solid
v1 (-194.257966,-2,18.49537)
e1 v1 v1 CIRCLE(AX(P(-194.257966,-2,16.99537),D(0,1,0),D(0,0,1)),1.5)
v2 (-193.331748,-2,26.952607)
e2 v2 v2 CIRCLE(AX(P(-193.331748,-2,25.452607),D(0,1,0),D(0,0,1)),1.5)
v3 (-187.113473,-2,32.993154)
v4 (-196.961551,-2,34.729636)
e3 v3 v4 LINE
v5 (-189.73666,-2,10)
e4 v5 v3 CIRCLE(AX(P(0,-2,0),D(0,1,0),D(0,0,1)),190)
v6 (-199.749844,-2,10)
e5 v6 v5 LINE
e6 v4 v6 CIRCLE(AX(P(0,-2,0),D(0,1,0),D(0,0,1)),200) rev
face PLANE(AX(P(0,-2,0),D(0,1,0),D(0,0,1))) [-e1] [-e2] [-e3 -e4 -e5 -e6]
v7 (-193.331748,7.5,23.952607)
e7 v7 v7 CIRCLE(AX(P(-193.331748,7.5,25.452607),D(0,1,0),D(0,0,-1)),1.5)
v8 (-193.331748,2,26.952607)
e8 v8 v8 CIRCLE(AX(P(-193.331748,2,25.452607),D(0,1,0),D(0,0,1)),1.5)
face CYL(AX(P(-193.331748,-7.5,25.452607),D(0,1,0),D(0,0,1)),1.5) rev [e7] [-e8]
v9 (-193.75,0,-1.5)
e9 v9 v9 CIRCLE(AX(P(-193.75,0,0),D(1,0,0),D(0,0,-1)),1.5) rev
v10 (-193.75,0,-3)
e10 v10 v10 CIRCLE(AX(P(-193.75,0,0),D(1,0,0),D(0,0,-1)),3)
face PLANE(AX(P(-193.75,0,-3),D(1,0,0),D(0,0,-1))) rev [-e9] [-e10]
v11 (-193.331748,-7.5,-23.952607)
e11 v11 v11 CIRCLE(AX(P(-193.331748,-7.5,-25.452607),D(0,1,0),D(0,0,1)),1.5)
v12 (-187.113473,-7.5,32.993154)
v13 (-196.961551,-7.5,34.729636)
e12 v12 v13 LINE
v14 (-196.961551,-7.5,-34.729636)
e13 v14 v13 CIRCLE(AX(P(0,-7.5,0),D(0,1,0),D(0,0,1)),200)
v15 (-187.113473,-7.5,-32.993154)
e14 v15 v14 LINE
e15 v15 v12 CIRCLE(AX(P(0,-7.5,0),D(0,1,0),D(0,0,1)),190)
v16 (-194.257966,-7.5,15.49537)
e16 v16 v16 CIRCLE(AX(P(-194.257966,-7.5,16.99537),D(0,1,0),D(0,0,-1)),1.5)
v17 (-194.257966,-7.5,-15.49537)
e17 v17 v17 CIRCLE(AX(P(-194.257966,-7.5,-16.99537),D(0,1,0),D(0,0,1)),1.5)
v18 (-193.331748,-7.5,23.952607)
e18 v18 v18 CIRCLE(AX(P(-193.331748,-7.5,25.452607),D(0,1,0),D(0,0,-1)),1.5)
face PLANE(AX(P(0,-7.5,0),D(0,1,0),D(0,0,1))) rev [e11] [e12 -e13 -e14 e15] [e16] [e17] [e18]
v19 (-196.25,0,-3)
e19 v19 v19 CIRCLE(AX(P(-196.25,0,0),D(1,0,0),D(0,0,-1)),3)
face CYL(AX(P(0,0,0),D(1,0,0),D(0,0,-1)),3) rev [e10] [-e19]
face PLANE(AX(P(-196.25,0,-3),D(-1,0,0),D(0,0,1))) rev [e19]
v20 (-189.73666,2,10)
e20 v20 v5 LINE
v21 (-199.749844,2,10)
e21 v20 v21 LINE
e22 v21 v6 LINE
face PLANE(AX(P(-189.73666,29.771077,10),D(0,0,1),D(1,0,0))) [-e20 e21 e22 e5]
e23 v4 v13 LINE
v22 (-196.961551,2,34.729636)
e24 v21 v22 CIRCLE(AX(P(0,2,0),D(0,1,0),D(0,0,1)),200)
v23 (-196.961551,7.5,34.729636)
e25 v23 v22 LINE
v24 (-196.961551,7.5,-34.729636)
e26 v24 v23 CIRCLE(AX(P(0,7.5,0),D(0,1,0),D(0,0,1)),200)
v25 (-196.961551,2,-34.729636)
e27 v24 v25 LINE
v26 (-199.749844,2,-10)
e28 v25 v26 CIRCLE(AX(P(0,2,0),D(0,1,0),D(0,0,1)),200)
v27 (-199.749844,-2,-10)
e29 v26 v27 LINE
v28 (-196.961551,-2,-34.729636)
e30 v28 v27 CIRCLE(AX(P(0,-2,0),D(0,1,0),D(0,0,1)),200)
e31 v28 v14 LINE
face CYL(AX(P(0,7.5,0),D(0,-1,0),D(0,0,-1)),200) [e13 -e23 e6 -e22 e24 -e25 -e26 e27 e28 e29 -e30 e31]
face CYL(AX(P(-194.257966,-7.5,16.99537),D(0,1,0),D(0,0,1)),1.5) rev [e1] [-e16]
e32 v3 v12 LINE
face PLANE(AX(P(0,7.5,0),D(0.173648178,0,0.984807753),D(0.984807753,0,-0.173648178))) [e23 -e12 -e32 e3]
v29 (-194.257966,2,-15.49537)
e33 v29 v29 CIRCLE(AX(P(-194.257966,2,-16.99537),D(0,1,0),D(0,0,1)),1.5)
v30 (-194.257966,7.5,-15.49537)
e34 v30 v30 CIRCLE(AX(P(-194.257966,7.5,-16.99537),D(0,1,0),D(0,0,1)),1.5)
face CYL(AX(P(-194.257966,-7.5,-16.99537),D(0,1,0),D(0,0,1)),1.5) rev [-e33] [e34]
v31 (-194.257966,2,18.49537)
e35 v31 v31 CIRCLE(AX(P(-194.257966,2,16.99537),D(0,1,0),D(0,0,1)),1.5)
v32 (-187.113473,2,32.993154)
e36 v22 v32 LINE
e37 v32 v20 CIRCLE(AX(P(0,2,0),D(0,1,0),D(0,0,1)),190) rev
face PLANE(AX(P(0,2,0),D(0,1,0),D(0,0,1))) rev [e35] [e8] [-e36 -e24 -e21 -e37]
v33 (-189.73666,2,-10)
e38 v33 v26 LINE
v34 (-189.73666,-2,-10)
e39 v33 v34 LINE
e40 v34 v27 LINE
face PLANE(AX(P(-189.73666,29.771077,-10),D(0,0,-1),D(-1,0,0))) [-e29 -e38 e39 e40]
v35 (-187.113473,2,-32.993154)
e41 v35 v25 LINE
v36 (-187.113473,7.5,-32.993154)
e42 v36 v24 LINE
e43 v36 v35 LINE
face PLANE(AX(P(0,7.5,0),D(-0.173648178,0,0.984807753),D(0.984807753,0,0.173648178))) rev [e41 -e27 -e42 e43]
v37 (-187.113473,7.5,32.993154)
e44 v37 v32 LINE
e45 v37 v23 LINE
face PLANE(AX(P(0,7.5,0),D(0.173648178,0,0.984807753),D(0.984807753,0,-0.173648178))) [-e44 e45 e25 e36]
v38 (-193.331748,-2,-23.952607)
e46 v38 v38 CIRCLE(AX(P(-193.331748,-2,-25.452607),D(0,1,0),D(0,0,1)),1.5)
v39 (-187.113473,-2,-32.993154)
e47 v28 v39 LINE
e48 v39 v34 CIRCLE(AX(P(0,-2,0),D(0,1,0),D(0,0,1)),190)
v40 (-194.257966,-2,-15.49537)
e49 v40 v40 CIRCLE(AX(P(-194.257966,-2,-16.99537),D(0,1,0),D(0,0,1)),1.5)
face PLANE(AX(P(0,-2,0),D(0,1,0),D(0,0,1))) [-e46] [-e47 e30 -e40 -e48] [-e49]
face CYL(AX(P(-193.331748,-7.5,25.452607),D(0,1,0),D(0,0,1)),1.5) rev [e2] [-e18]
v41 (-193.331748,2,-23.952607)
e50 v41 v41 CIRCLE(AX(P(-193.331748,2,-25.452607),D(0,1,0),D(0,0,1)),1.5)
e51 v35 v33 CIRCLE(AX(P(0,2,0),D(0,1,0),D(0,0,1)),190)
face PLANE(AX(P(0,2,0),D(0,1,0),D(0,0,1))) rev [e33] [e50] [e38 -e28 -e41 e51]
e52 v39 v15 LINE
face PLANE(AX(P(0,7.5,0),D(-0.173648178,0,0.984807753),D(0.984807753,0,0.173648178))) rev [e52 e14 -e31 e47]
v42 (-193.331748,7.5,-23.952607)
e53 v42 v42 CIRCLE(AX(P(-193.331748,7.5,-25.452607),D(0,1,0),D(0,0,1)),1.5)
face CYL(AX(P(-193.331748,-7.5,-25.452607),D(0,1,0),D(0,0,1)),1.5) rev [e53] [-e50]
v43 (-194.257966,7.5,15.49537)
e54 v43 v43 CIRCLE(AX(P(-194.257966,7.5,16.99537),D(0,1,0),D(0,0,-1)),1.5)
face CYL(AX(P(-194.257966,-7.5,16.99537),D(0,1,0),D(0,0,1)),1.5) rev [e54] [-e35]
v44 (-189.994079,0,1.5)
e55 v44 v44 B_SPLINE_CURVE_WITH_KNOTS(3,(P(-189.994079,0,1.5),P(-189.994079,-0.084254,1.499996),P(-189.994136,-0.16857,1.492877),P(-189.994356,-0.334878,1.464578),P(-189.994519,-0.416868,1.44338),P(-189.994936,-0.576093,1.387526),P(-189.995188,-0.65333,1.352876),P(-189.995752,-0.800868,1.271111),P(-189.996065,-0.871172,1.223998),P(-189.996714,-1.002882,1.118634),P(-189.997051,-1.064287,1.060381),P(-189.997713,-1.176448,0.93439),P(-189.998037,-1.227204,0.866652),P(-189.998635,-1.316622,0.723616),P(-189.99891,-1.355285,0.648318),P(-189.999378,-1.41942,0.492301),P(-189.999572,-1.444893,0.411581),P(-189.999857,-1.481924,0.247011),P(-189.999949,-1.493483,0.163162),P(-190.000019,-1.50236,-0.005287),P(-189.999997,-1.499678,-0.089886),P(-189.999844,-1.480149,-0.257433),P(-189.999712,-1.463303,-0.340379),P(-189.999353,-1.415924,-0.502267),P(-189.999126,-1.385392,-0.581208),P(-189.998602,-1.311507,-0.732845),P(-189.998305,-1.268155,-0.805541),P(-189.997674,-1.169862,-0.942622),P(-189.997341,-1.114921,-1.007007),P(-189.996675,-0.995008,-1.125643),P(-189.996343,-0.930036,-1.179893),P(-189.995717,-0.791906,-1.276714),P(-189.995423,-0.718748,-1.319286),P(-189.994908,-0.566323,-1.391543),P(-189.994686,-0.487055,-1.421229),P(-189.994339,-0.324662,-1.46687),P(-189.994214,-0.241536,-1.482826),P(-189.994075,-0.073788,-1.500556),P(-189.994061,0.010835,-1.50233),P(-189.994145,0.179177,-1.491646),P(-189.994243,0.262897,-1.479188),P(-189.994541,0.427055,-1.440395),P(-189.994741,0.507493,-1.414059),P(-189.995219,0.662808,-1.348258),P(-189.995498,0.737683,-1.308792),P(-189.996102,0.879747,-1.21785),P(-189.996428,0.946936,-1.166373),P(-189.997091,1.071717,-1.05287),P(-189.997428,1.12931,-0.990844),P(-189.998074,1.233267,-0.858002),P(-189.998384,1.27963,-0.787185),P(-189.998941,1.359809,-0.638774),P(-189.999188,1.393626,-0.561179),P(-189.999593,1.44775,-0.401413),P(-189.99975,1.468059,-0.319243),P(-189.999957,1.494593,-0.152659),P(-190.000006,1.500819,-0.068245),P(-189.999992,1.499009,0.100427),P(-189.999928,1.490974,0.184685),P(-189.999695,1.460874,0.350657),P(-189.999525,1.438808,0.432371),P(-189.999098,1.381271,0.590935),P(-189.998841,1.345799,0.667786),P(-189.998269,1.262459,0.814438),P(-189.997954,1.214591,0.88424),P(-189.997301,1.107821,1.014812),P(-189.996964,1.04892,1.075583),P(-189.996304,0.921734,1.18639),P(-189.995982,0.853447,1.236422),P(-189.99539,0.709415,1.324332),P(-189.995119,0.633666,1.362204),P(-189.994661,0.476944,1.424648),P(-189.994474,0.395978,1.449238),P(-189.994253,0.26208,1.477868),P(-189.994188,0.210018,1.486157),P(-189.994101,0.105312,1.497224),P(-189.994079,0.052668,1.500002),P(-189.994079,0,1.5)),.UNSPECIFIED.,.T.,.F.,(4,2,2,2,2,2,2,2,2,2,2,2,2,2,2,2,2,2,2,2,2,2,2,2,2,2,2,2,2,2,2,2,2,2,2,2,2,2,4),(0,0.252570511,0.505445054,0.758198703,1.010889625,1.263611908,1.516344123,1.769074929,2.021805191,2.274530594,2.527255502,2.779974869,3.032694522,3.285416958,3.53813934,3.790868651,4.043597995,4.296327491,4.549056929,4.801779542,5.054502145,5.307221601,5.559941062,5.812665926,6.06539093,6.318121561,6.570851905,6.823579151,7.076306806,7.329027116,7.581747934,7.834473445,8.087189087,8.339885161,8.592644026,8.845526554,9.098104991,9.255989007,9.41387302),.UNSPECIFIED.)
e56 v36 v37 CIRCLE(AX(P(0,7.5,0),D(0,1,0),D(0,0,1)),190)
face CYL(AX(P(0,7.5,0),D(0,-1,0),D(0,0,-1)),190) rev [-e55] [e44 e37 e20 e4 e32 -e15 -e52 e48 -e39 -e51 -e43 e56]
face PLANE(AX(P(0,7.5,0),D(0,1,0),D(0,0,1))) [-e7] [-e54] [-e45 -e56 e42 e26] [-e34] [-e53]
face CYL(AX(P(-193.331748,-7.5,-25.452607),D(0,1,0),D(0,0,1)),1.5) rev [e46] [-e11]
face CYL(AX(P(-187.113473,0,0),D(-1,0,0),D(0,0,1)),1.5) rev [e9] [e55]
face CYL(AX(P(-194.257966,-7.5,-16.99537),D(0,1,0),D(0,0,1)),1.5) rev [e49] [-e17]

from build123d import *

# Parameters (mm, degrees)
BASE_DEPTH            = 7.5
MOUNT_START           = -2
MOUNT_DEPTH           = 4
MOUNT_HOLE_DEPTH      = 204.131478566
MOUNT_HOLE_DEPTH_BACK = 204.131478566
SKETCH12_R            = 1.5
SKETCH14_R            = 1.5
SHAFT_HOLE_DEPTH      = 37.394984425
SKETCH13_W            = 2.5
SKETCH13_H            = 3


with BuildPart() as part:
    # Sketch9 → base (new, symmetric)
    with BuildSketch(Plane(origin=(0, 0, 0), x_dir=(1, 0, 0), z_dir=(0, 1, 0))):
        with BuildLine():
            ThreePointArc((-187.113473072, -32.993153757), (-190, 0), (-187.113473072, 32.993153757))
            Line((-187.113473072, 32.993153757), (-196.961550602, 34.729635533))
            ThreePointArc((-196.961550602, 34.729635533), (-200, 0), (-196.961550602, -34.729635533))
            Line((-196.961550602, -34.729635533), (-187.113473072, -32.993153757))
        make_face()
    extrude(amount=BASE_DEPTH, both=True)

    # Sketch11 → mount (cut)
    with BuildSketch(Plane(origin=(0, 0, 0), x_dir=(1, 0, 0), z_dir=(0, 1, 0)).offset(MOUNT_START)):
        with BuildLine():
            Line((-189.73665961, -10), (-199.749843554, -10))
            ThreePointArc((-199.749843554, -10), (-198.7407137, -22.408228804), (-196.961550602, -34.729635533))
            Line((-196.961550602, -34.729635533), (-187.113473072, -32.993153757))
            ThreePointArc((-187.113473072, -32.993153757), (-188.775466906, -21.536552519), (-189.73665961, -10))
        make_face()
        with BuildLine():
            Line((-189.73665961, 10), (-199.749843554, 10))
            ThreePointArc((-199.749843554, 10), (-198.7407137, 22.408228804), (-196.961550602, 34.729635533))
            Line((-196.961550602, 34.729635533), (-187.113473072, 32.993153757))
            ThreePointArc((-187.113473072, 32.993153757), (-188.775466906, 21.536552519), (-189.73665961, 10))
        make_face()
    extrude(amount=MOUNT_DEPTH, mode=Mode.SUBTRACT)

    # Sketch12 → mount hole (cut, two sides: drawn at the far end of the back side and taken through both)
    with BuildSketch(Plane(origin=(0, 0, 0), x_dir=(1, 0, 0), z_dir=(0, 1, 0)).offset(-MOUNT_HOLE_DEPTH_BACK)):
        with Locations(Location((-193.331747968, 25.452607483, 0), (0, 0, 270))):
            Circle(SKETCH12_R)
        with Locations(Location((-194.257966128, 16.995369836, 0), (0, 0, 270))):
            Circle(SKETCH12_R)
        with Locations(Location((-194.257966128, -16.995369836, 0), (0, 0, 270))):
            Circle(SKETCH12_R)
        with Locations(Location((-193.331747968, -25.452607483, 0), (0, 0, 270))):
            Circle(SKETCH12_R)
    extrude(amount=MOUNT_HOLE_DEPTH + MOUNT_HOLE_DEPTH_BACK, mode=Mode.SUBTRACT)

    # Sketch14 → shaft hole (cut, through all)
    with BuildSketch(Plane.ZY.offset(195)):
        Circle(SKETCH14_R)
    extrude(amount=-SHAFT_HOLE_DEPTH, mode=Mode.SUBTRACT)

    # Sketch13 → bearing hole (revolve, cut)
    with BuildSketch(Plane(origin=(0, 0, 0), x_dir=(1, 0, 0), z_dir=(0, 1, 0)), mode=Mode.PRIVATE) as bearing_hole_sk:
        with Locations((-195, 1.5)):
            Rectangle(SKETCH13_W, SKETCH13_H)
    revolve(bearing_hole_sk.sketch.rotate(Axis((0, 0, 0), (-1, 0, 0)), 180), axis=Axis((0, 0, 0), (-1, 0, 0)), mode=Mode.SUBTRACT)


solid = part.part
